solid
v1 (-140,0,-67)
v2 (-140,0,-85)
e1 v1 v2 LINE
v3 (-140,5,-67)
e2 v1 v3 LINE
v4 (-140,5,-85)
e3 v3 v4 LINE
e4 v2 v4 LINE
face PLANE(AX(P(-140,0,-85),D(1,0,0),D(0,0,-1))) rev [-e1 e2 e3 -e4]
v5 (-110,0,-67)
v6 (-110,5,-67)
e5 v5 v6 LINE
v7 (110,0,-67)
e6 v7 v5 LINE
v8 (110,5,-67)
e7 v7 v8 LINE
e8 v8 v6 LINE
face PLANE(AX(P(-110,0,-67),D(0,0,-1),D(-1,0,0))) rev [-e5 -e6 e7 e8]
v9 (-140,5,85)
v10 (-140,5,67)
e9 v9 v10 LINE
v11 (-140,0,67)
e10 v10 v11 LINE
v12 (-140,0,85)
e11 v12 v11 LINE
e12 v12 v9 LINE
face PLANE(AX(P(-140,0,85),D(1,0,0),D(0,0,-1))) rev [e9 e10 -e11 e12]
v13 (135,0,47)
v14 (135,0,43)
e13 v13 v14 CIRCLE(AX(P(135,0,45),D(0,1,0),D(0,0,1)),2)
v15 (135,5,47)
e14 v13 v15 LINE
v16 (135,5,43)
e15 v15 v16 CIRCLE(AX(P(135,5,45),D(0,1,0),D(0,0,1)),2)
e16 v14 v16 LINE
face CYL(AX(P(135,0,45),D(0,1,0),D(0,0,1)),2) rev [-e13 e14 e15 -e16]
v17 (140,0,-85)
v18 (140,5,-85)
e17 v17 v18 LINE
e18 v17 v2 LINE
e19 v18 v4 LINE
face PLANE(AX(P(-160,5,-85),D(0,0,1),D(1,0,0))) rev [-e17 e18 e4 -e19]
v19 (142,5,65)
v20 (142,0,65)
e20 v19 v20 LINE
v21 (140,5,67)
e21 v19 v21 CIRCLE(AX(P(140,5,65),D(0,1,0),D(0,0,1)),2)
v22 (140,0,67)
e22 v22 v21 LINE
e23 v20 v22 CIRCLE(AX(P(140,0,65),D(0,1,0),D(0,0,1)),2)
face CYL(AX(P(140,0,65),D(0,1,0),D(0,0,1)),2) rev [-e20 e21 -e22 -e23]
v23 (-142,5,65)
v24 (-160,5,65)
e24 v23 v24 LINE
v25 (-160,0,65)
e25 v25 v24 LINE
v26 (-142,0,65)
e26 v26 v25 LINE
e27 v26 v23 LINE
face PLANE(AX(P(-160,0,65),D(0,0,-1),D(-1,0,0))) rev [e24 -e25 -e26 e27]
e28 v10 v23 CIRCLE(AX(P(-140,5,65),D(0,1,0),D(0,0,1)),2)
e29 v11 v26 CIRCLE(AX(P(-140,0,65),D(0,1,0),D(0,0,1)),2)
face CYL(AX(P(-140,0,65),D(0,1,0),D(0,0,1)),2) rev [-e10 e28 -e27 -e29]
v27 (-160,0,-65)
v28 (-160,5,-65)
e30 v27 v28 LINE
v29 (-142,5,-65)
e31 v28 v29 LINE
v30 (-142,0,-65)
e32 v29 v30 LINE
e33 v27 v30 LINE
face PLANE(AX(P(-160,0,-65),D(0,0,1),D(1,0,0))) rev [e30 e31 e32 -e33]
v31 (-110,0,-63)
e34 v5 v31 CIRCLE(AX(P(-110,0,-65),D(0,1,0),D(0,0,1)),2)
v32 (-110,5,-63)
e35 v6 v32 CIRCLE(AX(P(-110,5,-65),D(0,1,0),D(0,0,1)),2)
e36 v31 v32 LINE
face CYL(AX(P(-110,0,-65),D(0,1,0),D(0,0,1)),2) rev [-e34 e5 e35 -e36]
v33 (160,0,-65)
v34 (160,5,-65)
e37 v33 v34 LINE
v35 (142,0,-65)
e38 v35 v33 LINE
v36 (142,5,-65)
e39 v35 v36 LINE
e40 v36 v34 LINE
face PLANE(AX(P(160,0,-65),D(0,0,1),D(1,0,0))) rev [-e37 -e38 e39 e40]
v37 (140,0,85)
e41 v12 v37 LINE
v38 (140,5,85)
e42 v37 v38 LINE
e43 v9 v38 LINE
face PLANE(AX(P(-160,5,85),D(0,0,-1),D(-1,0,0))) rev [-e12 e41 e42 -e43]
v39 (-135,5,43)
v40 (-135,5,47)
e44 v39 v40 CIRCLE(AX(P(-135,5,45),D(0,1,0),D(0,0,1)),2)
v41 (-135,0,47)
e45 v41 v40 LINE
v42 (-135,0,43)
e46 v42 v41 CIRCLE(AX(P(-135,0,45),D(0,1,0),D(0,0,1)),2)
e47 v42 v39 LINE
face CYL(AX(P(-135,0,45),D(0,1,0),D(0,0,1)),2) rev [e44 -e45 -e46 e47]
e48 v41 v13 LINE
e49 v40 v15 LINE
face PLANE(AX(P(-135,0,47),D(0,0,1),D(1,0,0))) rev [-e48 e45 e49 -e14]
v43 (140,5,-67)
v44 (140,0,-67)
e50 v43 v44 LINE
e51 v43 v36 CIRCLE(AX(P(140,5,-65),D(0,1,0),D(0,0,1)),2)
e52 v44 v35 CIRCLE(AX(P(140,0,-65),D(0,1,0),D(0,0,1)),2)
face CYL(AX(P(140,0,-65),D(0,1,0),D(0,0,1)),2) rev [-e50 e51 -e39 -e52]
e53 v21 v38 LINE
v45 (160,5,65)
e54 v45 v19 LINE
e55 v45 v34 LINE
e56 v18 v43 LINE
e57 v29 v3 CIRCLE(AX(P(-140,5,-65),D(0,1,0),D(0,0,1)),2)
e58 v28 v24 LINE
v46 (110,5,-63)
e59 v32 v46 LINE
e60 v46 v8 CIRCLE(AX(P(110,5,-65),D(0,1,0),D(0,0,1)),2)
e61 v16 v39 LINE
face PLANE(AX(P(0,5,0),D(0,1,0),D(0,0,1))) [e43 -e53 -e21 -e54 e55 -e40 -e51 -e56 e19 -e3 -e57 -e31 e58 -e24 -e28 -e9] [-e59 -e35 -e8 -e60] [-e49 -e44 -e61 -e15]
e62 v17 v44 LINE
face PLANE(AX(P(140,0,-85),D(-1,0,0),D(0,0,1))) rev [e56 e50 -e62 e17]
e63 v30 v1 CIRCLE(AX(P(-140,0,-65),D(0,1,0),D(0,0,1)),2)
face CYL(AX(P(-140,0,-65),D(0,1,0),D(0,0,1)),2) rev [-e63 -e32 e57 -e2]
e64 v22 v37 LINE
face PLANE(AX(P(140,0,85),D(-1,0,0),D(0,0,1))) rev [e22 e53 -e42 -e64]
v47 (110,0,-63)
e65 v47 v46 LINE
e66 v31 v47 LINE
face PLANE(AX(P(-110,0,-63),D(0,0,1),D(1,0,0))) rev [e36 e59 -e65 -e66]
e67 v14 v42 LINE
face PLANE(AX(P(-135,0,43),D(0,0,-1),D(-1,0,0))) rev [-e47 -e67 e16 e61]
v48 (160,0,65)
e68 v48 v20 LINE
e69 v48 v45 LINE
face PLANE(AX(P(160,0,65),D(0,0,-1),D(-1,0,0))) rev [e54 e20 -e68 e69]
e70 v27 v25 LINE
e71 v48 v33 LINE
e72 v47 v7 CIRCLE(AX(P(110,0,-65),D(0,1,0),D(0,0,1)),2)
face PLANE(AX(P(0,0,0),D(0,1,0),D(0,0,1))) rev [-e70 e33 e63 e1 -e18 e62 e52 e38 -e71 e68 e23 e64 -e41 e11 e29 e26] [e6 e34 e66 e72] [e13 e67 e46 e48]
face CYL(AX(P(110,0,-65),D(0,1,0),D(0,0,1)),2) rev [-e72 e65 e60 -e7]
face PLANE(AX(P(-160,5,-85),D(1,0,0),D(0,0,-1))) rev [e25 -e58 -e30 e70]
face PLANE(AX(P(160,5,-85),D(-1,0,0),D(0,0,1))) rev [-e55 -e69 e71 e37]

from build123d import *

# Parameters (mm, degrees)
SKIZZE1_W                       = 320
SKIZZE1_H                       = 170
AUFSATZ_LINEAR_AUSTRAGEN1_DEPTH = 5
SKIZZE2_W                       = 20
SKIZZE2_H                       = 20
SCHNITT_LINEAR_AUSTRAGEN1_DEPTH = 182.245689604
SCHNITT_LINEAR_AUSTRAGEN2_DEPTH = 182.245689604
SKIZZE4_R                       = 2
SCHNITT_LINEAR_AUSTRAGEN3_DEPTH = 182.245689604


with BuildPart() as part:
    # Skizze1 → Aufsatz-Linear austragen1 (new body)
    with BuildSketch(Plane(origin=(0, 0, 0), x_dir=(1, 0, 0), z_dir=(0, 1, 0))):
        Rectangle(SKIZZE1_W, SKIZZE1_H)
    extrude(amount=AUFSATZ_LINEAR_AUSTRAGEN1_DEPTH)

    # Skizze2 → Schnitt-Linear austragen1 (cut, through all)
    with BuildSketch(Plane(origin=(0, 5, 0), x_dir=(1, 0, 0), z_dir=(0, 1, 0))):
        with Locations((-150, 75)):
            Rectangle(SKIZZE2_W, SKIZZE2_H)
        with Locations((150, 75)):
            Rectangle(SKIZZE2_W, SKIZZE2_H)
        with Locations((150, -75)):
            Rectangle(SKIZZE2_W, SKIZZE2_H)
        with Locations((-150, -75)):
            Rectangle(SKIZZE2_W, SKIZZE2_H)
    extrude(amount=-SCHNITT_LINEAR_AUSTRAGEN1_DEPTH, mode=Mode.SUBTRACT)

    # Skizze3 → Schnitt-Linear austragen2 (cut, through all)
    with BuildSketch(Plane(origin=(0, 5, 0), x_dir=(1, 0, 0), z_dir=(0, 1, 0))):
        with BuildLine():
            Line((-110, 67), (110, 67))
            ThreePointArc((110, 67), (112, 65), (110, 63))
            Line((110, 63), (-110, 63))
            ThreePointArc((-110, 63), (-112, 65), (-110, 67))
        make_face()
        with BuildLine():
            Line((-135, -43), (135, -43))
            ThreePointArc((135, -43), (137, -45), (135, -47))
            Line((135, -47), (-135, -47))
            ThreePointArc((-135, -47), (-137, -45), (-135, -43))
        make_face()
    extrude(amount=-SCHNITT_LINEAR_AUSTRAGEN2_DEPTH, mode=Mode.SUBTRACT)

    # Skizze4 → Schnitt-Linear austragen3 (cut, through all)
    with BuildSketch(Plane(origin=(0, 5, 0), x_dir=(1, 0, 0), z_dir=(0, 1, 0))):
        with Locations((-140, 65)):
            Circle(SKIZZE4_R)
        with Locations((-140, -65)):
            Circle(SKIZZE4_R)
        with Locations((140, -65)):
            Circle(SKIZZE4_R)
        with Locations((140, 65)):
            Circle(SKIZZE4_R)
    extrude(amount=-SCHNITT_LINEAR_AUSTRAGEN3_DEPTH, mode=Mode.SUBTRACT)


solid = part.part
